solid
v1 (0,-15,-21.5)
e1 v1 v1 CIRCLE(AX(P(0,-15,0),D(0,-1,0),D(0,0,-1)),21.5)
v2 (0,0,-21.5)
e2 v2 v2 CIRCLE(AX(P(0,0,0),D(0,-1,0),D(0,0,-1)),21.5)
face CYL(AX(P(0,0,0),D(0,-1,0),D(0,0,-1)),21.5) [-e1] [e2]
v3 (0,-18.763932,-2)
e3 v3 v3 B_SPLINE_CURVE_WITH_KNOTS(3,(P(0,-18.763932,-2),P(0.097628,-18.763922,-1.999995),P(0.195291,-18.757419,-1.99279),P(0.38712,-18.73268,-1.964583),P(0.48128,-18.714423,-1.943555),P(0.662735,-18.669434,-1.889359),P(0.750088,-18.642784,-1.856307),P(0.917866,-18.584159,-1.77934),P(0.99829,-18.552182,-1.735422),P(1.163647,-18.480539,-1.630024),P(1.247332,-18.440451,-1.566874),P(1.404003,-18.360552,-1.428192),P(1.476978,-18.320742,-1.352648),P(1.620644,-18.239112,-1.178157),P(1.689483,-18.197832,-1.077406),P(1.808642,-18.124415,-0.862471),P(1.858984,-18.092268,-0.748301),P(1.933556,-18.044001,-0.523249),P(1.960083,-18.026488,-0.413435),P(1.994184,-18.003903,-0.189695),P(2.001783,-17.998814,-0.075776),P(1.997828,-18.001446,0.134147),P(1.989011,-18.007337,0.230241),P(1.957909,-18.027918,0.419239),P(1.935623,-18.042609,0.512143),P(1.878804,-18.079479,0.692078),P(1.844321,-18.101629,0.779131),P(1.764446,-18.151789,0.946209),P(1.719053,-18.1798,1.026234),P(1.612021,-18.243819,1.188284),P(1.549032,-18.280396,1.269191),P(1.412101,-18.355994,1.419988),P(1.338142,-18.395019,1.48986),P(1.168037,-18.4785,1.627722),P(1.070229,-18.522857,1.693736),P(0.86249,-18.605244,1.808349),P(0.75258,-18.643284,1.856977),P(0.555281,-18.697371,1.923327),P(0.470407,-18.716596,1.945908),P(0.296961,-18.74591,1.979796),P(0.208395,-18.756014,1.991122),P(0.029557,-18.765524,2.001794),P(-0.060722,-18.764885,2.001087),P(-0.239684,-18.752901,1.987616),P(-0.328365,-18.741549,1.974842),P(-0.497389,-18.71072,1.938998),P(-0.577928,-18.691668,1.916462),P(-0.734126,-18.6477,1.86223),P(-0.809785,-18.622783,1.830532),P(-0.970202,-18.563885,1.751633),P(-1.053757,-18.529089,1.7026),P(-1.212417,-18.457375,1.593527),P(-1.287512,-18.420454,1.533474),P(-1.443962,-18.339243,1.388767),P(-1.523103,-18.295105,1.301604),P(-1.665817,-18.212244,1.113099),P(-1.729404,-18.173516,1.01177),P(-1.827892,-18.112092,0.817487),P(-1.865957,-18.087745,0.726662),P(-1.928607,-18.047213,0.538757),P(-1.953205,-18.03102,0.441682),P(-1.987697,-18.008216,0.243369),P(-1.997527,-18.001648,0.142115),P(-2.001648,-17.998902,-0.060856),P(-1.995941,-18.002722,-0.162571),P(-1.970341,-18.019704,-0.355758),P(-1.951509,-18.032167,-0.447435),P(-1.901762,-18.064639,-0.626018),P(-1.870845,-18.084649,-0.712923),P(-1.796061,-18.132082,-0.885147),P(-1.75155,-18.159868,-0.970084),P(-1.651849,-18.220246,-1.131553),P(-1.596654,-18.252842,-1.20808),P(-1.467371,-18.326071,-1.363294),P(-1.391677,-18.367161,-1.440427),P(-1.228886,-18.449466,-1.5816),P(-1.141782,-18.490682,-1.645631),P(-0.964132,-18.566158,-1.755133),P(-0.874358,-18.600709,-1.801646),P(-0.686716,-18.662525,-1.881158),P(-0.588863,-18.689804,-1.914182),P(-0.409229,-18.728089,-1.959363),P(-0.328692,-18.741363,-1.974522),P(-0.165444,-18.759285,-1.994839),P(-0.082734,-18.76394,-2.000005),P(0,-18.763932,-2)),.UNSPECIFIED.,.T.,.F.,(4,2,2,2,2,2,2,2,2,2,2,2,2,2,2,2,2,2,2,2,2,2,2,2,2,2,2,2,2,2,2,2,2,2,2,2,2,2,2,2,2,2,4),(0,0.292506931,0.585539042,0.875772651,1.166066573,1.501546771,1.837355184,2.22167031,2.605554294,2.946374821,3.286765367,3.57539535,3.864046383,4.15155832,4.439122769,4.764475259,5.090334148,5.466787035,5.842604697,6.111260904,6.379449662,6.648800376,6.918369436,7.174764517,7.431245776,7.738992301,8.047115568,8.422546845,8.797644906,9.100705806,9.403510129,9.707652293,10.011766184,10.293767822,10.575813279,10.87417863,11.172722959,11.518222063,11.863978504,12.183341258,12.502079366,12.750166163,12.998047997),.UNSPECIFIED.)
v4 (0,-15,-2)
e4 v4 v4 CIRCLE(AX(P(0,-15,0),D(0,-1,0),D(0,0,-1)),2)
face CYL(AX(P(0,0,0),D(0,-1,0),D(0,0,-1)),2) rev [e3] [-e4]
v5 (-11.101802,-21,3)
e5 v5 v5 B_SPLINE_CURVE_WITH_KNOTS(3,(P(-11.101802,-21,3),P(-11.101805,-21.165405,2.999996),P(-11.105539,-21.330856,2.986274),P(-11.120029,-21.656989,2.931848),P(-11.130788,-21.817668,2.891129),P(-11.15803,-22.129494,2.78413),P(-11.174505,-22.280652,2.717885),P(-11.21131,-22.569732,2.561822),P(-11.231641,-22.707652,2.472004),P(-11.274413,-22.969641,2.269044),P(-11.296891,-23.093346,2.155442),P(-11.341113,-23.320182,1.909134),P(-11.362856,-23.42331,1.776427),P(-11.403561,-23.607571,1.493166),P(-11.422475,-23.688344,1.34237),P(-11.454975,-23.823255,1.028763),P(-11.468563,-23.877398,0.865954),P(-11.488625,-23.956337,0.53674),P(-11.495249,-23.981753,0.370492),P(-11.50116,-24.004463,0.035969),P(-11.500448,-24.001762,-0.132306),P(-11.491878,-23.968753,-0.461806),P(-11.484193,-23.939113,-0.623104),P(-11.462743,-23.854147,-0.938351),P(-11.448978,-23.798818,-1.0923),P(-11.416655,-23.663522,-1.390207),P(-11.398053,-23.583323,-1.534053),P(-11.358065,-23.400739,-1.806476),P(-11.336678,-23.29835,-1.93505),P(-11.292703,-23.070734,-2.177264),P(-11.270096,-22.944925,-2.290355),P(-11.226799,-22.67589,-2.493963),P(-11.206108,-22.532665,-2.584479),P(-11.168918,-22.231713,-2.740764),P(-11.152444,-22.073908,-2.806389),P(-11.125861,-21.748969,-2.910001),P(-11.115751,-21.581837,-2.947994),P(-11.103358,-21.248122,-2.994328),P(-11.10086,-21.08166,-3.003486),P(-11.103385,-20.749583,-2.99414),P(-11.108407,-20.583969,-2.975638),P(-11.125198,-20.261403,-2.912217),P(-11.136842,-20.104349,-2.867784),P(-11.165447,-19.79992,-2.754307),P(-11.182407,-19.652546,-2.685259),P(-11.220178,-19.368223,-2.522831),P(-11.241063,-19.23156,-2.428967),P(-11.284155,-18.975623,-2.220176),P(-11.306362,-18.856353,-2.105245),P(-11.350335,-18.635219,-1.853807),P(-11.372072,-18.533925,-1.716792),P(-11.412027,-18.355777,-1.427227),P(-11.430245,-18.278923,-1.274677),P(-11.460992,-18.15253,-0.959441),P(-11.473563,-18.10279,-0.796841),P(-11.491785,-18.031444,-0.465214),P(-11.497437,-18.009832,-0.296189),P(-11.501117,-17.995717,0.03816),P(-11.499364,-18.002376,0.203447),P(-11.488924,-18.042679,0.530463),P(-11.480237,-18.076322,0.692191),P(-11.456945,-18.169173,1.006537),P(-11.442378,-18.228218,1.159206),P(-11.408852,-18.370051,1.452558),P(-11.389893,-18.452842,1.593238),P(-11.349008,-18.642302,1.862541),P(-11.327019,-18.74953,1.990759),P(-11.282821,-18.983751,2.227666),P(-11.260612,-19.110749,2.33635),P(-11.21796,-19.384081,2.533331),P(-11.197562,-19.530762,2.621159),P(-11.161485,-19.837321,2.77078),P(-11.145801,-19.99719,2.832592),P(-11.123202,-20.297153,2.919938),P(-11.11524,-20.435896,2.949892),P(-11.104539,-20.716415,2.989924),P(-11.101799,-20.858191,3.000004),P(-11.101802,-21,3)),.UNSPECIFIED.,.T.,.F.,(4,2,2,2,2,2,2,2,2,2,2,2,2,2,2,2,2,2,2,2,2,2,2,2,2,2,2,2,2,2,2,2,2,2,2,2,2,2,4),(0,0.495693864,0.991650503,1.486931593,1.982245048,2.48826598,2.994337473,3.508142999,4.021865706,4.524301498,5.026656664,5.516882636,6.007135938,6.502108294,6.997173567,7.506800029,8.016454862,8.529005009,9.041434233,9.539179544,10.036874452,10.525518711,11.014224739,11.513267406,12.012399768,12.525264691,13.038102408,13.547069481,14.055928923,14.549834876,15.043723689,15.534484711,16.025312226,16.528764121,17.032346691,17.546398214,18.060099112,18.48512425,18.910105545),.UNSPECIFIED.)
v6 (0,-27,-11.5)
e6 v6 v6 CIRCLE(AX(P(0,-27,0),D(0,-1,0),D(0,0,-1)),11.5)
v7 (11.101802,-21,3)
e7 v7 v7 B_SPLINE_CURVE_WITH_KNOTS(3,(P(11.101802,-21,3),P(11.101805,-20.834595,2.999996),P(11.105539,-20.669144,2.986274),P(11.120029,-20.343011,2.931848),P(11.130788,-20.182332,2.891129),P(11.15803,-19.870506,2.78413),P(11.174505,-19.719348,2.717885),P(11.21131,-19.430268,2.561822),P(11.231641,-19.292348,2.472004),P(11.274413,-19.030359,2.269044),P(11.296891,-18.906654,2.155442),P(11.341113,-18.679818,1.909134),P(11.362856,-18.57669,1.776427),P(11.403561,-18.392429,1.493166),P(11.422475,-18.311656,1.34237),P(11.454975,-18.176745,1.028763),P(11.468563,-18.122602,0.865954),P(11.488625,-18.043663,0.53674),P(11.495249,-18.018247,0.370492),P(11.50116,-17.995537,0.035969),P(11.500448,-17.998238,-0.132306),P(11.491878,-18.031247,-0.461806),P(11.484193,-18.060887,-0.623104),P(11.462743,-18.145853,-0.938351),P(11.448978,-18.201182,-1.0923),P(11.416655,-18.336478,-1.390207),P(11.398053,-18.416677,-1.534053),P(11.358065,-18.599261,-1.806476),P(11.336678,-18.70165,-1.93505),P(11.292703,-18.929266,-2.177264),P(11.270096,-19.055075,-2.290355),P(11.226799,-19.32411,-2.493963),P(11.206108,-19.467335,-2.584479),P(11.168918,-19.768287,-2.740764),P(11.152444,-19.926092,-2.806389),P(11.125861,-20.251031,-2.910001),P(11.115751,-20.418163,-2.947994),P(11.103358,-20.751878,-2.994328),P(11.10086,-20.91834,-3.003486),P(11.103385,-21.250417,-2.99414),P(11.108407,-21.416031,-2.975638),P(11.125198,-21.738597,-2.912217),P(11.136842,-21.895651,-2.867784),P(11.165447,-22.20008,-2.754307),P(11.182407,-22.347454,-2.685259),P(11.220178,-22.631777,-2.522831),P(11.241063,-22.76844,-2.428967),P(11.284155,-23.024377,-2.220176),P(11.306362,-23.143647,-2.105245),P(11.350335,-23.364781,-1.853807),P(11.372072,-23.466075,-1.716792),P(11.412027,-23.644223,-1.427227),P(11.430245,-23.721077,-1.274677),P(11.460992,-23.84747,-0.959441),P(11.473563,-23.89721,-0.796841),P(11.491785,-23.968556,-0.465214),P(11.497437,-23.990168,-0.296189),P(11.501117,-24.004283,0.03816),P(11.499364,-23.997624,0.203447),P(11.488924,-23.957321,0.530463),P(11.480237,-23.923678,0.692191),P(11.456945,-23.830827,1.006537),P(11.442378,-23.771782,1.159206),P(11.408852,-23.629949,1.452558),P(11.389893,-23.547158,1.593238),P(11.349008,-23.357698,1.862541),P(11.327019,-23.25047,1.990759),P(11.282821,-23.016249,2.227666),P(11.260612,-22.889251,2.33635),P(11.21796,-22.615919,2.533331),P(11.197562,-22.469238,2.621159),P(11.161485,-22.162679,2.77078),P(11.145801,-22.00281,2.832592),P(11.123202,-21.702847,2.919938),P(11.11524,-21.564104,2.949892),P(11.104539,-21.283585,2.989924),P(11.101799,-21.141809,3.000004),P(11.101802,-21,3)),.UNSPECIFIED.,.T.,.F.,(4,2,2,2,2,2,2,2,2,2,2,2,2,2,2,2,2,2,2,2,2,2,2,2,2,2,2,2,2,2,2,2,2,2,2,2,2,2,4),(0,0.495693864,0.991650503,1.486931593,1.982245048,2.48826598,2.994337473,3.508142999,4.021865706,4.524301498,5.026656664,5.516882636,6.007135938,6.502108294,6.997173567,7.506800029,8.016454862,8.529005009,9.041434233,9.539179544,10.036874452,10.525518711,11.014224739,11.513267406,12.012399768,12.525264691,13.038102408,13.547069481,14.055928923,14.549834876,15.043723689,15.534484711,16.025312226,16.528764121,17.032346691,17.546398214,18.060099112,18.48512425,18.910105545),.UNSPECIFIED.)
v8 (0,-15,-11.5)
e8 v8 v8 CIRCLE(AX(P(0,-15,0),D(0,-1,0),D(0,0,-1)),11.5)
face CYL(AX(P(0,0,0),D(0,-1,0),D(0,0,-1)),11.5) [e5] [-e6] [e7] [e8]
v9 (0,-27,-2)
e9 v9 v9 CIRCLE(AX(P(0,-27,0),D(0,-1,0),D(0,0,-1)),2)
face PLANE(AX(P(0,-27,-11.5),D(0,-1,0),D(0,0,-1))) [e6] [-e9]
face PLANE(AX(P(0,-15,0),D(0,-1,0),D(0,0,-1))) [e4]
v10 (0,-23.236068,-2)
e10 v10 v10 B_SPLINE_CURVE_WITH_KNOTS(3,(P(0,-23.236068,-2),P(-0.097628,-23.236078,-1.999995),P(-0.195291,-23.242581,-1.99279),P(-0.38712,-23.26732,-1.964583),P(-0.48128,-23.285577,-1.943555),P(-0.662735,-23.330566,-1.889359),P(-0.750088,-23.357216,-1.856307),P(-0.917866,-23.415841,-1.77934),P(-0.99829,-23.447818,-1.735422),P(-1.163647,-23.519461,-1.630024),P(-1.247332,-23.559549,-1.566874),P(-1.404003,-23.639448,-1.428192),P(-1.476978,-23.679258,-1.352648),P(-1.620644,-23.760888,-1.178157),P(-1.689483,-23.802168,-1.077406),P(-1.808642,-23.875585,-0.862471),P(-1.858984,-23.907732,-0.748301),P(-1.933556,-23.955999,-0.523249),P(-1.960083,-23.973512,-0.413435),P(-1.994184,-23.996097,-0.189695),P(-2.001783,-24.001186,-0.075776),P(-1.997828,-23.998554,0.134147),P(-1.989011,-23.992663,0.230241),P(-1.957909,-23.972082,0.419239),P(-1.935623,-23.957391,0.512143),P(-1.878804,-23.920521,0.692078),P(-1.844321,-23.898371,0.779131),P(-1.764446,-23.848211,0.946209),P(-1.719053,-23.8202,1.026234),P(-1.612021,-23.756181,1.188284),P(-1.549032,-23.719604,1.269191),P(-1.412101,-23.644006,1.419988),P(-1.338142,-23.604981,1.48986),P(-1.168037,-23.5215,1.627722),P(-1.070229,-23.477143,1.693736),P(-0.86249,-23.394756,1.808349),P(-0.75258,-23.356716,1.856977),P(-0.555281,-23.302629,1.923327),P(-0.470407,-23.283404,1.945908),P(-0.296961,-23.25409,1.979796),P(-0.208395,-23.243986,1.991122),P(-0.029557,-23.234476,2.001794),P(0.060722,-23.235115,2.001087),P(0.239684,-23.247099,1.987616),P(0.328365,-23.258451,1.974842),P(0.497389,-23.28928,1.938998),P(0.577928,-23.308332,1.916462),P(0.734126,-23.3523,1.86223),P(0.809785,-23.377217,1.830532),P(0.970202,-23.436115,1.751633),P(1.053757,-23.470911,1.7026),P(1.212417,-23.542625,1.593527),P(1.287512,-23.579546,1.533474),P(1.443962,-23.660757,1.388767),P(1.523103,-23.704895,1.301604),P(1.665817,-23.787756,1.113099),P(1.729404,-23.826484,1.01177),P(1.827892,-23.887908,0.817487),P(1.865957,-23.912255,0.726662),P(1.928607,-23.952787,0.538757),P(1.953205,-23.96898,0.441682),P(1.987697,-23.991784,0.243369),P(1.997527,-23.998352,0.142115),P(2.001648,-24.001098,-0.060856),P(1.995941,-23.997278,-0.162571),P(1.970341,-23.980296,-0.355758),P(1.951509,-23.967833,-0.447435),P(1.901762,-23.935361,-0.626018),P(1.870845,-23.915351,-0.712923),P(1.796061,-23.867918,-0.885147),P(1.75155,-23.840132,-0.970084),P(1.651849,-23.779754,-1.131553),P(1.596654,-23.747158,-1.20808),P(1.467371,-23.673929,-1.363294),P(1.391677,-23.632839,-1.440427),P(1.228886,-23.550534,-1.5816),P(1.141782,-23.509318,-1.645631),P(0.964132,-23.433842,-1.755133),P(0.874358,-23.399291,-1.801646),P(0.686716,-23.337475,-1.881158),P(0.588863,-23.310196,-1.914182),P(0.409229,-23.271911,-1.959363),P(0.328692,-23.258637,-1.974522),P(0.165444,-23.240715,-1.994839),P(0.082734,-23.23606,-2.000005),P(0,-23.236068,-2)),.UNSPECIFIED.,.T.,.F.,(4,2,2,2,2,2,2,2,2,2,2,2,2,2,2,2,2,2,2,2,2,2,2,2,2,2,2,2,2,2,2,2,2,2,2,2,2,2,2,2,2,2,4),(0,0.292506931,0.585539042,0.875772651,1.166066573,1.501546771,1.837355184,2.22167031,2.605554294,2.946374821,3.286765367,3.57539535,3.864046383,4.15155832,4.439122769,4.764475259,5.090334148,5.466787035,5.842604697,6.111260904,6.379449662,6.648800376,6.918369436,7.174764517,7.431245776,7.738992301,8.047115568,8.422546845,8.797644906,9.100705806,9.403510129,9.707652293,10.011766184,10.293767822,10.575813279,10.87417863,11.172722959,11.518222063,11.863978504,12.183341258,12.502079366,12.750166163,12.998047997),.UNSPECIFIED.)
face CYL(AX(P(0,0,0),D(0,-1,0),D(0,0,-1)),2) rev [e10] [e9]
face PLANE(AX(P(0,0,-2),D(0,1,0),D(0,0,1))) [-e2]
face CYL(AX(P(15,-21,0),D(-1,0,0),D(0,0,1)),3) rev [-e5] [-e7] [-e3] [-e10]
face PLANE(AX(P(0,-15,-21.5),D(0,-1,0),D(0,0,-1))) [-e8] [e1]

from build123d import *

# Parameters (mm, degrees)
SKETCH4_R               = 3
CUT_EXTRUDE2_DEPTH      = 15
CUT_EXTRUDE2_DEPTH_BACK = 13


with BuildPart() as part:
    # Sketch1 → Revolve1 (revolve)
    with BuildSketch(Plane(origin=(0, 0, 0), x_dir=(0, 0, -1), z_dir=(1, 0, 0))):
        Polygon((2, 0), (21.5, 0), (21.5, -15), (11.5, -15), (11.5, -27), (2, -27), (2, -15), (0, -15), (0, 0), align=None)
    revolve(axis=Axis((0, 0, 0), (0, 1, 0)))

    # Sketch4 → Cut-Extrude2 (cut, two sides)
    with BuildSketch(Plane(origin=(0, 0, 0), x_dir=(0, 0, -1), z_dir=(1, 0, 0))) as cut_extrude2_sk:
        with Locations((0, -21)):
            Circle(SKETCH4_R)
    extrude(amount=CUT_EXTRUDE2_DEPTH, mode=Mode.SUBTRACT)
    extrude(cut_extrude2_sk.sketch, amount=-CUT_EXTRUDE2_DEPTH_BACK, mode=Mode.SUBTRACT)


solid = part.part
